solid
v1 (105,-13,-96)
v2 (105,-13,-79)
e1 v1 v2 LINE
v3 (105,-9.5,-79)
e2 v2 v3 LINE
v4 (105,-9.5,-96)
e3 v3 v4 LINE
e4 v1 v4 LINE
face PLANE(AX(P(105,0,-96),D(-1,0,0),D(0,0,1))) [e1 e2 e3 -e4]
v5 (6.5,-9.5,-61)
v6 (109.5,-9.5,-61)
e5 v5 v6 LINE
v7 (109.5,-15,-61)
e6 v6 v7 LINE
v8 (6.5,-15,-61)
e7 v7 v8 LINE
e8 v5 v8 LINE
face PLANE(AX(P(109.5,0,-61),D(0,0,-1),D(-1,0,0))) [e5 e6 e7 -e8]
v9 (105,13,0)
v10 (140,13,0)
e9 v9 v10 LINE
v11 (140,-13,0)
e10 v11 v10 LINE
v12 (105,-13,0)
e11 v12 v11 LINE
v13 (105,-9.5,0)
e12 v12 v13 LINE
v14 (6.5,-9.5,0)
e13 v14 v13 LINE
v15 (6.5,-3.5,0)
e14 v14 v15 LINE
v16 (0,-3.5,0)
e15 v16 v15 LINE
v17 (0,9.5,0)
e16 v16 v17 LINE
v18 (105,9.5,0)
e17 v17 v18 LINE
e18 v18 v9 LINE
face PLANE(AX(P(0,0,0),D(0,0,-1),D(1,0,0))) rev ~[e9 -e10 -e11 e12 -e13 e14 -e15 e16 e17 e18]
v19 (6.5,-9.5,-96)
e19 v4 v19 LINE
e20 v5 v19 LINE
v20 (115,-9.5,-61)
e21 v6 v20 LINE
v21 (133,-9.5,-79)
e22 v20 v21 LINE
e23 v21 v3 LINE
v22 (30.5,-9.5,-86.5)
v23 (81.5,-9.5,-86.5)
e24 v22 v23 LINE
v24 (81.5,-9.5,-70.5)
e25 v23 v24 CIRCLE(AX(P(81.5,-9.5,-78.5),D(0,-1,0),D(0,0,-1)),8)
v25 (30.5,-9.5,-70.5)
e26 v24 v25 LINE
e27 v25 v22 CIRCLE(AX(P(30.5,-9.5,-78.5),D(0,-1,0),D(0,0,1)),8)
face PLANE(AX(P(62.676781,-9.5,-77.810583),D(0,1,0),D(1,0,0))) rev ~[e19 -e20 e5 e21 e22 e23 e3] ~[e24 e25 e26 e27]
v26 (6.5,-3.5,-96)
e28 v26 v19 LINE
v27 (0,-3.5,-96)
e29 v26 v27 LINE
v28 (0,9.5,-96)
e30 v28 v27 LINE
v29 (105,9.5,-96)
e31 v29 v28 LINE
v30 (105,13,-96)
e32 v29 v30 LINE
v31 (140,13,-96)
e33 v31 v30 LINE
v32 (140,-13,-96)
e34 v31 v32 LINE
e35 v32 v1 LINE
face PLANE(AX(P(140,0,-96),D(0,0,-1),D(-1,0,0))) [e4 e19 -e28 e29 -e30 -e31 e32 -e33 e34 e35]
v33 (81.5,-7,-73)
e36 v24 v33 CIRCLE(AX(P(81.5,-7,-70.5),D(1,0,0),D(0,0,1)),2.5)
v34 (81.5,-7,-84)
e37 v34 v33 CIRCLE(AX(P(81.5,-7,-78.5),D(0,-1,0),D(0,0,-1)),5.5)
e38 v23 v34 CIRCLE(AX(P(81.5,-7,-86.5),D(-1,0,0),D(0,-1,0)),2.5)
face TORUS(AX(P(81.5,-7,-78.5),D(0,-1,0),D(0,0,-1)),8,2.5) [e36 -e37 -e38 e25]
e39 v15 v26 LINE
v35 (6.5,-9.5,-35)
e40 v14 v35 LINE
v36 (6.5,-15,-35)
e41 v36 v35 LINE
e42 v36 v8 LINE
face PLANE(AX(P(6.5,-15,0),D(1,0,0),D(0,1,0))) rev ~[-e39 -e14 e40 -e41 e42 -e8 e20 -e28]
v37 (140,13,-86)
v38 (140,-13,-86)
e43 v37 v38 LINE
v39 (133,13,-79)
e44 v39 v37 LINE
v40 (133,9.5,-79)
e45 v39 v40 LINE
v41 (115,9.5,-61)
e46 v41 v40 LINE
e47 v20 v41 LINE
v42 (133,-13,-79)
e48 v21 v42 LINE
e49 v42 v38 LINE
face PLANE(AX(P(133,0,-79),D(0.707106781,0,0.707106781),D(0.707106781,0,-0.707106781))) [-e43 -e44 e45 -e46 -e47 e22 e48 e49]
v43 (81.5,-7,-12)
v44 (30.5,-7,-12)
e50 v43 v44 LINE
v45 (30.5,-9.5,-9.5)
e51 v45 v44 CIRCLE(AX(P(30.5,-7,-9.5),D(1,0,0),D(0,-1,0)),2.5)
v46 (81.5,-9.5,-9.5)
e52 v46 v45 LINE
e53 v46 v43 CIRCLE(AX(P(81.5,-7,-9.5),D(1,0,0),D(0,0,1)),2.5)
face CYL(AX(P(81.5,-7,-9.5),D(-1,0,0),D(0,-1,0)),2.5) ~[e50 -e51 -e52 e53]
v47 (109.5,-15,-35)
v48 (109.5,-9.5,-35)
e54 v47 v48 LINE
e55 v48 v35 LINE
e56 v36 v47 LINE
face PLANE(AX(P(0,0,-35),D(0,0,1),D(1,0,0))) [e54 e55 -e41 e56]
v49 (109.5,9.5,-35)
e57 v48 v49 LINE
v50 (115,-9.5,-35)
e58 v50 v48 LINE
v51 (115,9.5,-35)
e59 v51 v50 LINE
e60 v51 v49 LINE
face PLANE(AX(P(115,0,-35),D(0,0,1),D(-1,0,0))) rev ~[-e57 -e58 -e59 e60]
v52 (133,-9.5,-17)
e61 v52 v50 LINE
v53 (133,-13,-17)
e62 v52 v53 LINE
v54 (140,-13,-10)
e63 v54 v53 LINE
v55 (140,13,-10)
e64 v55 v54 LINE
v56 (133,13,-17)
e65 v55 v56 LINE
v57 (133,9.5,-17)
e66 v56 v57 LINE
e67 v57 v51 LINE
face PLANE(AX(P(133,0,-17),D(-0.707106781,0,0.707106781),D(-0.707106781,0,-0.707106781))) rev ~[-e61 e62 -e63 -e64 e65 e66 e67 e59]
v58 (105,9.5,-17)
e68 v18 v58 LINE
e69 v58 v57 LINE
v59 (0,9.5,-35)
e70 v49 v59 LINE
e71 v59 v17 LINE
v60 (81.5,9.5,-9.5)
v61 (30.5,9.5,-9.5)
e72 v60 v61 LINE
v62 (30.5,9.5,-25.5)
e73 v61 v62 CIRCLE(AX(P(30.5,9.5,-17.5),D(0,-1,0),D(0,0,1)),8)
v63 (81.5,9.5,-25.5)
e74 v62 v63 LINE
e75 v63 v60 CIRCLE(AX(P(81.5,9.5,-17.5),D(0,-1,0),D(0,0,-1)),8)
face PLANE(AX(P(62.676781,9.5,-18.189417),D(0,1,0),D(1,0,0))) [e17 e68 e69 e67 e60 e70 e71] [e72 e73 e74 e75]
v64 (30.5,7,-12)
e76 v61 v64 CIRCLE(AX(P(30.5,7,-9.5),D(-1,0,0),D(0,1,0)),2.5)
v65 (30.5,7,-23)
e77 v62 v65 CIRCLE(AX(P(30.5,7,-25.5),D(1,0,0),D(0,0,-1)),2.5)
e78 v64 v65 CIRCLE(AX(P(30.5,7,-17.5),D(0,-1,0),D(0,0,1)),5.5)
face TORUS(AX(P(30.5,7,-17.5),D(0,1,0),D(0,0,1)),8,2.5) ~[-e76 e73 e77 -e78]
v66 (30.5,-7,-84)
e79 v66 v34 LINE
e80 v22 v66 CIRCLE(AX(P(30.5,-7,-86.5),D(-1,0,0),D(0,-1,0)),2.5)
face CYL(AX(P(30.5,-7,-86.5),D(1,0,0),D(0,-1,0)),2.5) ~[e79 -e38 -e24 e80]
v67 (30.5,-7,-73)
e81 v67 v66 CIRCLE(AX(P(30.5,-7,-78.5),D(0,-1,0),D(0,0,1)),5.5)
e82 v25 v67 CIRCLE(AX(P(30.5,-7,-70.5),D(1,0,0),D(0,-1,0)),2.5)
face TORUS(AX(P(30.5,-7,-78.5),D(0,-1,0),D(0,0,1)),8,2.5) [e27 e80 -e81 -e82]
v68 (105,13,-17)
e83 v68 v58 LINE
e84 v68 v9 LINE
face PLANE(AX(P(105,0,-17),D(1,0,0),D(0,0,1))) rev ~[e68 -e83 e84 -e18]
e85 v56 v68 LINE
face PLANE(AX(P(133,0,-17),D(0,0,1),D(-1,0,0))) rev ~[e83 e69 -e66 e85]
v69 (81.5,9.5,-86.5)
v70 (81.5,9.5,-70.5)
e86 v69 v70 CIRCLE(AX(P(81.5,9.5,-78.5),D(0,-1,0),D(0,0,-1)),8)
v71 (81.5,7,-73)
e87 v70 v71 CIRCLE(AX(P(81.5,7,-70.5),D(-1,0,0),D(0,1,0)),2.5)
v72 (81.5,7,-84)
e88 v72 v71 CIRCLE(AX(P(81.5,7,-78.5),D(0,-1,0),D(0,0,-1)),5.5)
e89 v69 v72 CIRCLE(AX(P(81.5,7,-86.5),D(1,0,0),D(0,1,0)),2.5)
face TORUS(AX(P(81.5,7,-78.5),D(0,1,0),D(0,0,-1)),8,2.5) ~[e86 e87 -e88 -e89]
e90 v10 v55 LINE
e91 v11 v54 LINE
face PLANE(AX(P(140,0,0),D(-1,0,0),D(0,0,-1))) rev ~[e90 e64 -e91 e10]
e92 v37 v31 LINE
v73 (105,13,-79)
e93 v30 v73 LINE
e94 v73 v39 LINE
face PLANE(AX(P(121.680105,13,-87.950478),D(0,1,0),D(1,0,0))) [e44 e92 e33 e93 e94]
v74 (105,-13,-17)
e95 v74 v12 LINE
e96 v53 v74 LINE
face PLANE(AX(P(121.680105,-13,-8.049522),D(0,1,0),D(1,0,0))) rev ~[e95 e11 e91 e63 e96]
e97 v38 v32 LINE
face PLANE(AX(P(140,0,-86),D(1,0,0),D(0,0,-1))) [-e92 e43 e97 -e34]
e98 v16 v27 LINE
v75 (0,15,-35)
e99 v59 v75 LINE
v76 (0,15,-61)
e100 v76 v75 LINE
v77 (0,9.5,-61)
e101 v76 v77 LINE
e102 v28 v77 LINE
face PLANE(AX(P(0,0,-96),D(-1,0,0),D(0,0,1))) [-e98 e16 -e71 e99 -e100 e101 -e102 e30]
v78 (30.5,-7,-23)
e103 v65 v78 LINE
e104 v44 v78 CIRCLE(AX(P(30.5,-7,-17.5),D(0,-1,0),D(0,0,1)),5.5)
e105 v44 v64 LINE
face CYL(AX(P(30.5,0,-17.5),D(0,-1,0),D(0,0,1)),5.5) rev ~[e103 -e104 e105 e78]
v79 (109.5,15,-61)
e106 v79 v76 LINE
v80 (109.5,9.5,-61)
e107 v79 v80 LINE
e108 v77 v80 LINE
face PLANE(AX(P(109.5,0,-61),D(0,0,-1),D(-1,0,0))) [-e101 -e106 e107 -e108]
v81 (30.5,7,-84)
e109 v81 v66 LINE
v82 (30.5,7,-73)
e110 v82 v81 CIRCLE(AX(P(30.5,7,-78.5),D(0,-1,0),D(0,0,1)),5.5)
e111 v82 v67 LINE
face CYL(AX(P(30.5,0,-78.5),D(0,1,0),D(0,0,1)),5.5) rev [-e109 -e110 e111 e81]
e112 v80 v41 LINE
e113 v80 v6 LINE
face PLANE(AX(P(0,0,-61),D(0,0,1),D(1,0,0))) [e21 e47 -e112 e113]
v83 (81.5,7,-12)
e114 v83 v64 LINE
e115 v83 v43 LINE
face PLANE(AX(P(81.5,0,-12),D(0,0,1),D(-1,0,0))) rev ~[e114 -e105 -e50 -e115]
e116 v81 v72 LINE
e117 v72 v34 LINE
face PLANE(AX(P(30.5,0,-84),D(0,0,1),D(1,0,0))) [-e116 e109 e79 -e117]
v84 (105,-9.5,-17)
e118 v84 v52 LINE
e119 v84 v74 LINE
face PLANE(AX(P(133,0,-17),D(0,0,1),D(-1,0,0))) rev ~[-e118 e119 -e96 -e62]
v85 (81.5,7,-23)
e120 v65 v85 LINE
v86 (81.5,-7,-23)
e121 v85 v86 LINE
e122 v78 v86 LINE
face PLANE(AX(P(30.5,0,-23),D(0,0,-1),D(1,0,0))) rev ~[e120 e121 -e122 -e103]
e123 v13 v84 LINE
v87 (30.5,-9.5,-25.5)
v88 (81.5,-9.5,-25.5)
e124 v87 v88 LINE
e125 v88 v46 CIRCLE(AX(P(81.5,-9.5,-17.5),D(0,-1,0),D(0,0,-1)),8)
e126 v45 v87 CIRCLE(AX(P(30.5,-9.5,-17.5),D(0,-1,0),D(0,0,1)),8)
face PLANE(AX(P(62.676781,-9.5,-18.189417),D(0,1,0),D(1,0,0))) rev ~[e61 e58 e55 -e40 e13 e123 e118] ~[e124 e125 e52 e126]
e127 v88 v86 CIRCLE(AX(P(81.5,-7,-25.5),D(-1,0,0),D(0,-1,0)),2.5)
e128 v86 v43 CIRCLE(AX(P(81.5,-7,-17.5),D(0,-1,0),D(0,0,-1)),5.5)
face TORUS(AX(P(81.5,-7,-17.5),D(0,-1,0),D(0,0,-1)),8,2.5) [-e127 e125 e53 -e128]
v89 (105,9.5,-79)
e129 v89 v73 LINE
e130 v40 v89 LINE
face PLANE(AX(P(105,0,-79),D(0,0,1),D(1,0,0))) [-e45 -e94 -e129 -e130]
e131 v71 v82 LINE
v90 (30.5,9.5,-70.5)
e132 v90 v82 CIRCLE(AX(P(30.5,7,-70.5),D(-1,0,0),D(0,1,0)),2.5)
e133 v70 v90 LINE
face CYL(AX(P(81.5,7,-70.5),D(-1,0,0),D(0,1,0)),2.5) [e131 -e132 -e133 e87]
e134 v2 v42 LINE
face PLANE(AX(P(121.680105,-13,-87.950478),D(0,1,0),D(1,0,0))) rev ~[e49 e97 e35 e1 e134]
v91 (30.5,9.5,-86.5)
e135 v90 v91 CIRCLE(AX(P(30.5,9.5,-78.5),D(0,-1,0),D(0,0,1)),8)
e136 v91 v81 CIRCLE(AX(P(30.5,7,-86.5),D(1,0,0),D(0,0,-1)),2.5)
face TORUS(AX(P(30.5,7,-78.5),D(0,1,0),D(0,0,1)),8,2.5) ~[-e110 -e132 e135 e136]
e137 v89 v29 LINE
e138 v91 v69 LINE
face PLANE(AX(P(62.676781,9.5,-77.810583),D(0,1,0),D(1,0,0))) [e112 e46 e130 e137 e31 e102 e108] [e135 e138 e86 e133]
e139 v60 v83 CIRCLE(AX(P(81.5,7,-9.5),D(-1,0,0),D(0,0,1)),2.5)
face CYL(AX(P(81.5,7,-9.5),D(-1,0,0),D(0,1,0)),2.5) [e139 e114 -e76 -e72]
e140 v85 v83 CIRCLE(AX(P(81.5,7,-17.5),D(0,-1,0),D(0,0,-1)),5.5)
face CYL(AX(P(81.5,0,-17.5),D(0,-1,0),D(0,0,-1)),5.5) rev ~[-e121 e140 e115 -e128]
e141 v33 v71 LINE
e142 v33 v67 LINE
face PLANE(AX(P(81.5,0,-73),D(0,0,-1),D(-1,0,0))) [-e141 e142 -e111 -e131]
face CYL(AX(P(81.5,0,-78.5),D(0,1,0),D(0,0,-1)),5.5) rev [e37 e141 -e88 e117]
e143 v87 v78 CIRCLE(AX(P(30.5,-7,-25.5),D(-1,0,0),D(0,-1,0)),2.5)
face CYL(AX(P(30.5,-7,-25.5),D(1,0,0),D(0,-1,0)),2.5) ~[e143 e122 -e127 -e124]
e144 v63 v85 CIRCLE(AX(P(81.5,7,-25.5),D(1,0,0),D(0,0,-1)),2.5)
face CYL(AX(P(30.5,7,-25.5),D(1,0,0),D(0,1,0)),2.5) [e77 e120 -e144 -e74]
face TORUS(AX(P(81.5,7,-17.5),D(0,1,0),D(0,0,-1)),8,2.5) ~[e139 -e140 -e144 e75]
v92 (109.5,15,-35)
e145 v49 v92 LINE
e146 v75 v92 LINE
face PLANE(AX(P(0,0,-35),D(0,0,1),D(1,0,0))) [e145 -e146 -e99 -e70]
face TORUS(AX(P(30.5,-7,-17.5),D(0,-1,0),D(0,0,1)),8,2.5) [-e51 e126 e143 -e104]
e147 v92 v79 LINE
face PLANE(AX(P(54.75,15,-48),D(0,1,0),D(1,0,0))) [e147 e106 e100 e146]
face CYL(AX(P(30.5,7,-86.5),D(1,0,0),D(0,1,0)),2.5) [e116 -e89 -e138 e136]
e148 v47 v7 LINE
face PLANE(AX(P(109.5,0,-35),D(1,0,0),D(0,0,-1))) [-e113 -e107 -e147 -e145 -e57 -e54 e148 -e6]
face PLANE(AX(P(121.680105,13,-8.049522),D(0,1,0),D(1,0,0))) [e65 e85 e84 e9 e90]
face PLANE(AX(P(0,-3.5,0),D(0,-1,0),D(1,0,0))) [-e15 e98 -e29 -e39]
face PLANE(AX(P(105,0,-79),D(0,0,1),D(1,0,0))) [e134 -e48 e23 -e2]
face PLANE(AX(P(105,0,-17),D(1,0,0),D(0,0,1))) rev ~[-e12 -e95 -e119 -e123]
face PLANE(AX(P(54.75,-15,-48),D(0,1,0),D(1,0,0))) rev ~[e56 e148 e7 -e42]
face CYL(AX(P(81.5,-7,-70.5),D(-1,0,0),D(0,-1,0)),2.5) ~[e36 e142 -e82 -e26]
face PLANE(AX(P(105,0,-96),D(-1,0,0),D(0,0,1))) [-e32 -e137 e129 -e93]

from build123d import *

# Parameters (mm, degrees)
BOSS_EXTRUDE3_DEPTH = 15
BOSS_EXTRUDE4_DEPTH = 9.5
BOSS_EXTRUDE5_DEPTH = 13
FILLET2_R           = 2.5
FILLET3_R           = 2.5
SKETCH2_W           = 6.5
SKETCH2_H           = 11.5
CUT_EXTRUDE1_DEPTH  = 171.414201286


with BuildPart() as part:
    # Sketch1 → Boss-Extrude3 (new, symmetric)
    with BuildSketch(Plane(origin=(0, 0, 0), x_dir=(1, 0, 0), z_dir=(0, 1, 0))):
        Polygon((0, 61), (0, 35), (109.5, 35), (109.5, 48), (109.5, 61), align=None)
    extrude(amount=BOSS_EXTRUDE3_DEPTH, both=True)

    # Sketch1<7> → Boss-Extrude4 (add, symmetric)
    # profile 1 of 2: a face of its own
    with BuildSketch(Plane(origin=(0, 0, 0), x_dir=(1, 0, 0), z_dir=(0, 1, 0))):
        Polygon((0, 35), (0, 0), (105, 0), (105, 17), (133, 17), (115, 35), align=None)
        with BuildLine():
            ThreePointArc((30.5, 12), (25, 17.5), (30.5, 23))
            Line((30.5, 23), (81.5, 23))
            ThreePointArc((81.5, 23), (87, 17.5), (81.5, 12))
            Line((81.5, 12), (30.5, 12))
        make_face(mode=Mode.SUBTRACT)
    # profile 2 of 2: a face of its own
    with BuildSketch(Plane(origin=(0, 0, 0), x_dir=(1, 0, 0), z_dir=(0, 1, 0))):
        Polygon((0, 96), (0, 61), (115, 61), (133, 79), (105, 79), (105, 96), align=None)
        with BuildLine():
            Line((81.5, 73), (30.5, 73))
            ThreePointArc((30.5, 73), (25, 78.5), (30.5, 84))
            Line((30.5, 84), (81.5, 84))
            ThreePointArc((81.5, 84), (87, 78.5), (81.5, 73))
        make_face(mode=Mode.SUBTRACT)
    extrude(amount=BOSS_EXTRUDE4_DEPTH, both=True)

    # Sketch1<8> → Boss-Extrude5 (add, symmetric)
    with BuildSketch(Plane(origin=(0, 0, 0), x_dir=(1, 0, 0), z_dir=(0, 1, 0))):
        Polygon((105, 17), (105, 0), (140, 0), (140, 10), (133, 17), align=None)
        Polygon((140, 96), (105, 96), (105, 79), (133, 79), (140, 86), align=None)
    extrude(amount=BOSS_EXTRUDE5_DEPTH, both=True)

    # Fillet2
    fillet2_edges = [part.edges().sort_by_distance(p)[0] for p in [
        (56, 9.5, -12),
        (56, -9.5, -12),
        (56, 9.5, -23),
        (56, -9.5, -23),
        (25, 9.5, -17.5),
        (25, -9.5, -17.5),
        (87, 9.5, -17.5),
        (87, -9.5, -17.5),
    ]]
    fillet(fillet2_edges, radius=FILLET2_R)

    # Fillet3
    fillet3_edges = [part.edges().sort_by_distance(p)[0] for p in [
        (56, 9.5, -84),
        (56, -9.5, -84),
        (56, 9.5, -73),
        (56, -9.5, -73),
        (87, 9.5, -78.5),
        (87, -9.5, -78.5),
        (25, 9.5, -78.5),
        (25, -9.5, -78.5),
    ]]
    fillet(fillet3_edges, radius=FILLET3_R)

    # Sketch2 → Cut-Extrude1 (cut, through all)
    with BuildSketch(Plane.XY):
        with Locations((3.25, -9.25)):
            Rectangle(SKETCH2_W, SKETCH2_H)
    extrude(amount=-CUT_EXTRUDE1_DEPTH, mode=Mode.SUBTRACT)


solid = part.part
